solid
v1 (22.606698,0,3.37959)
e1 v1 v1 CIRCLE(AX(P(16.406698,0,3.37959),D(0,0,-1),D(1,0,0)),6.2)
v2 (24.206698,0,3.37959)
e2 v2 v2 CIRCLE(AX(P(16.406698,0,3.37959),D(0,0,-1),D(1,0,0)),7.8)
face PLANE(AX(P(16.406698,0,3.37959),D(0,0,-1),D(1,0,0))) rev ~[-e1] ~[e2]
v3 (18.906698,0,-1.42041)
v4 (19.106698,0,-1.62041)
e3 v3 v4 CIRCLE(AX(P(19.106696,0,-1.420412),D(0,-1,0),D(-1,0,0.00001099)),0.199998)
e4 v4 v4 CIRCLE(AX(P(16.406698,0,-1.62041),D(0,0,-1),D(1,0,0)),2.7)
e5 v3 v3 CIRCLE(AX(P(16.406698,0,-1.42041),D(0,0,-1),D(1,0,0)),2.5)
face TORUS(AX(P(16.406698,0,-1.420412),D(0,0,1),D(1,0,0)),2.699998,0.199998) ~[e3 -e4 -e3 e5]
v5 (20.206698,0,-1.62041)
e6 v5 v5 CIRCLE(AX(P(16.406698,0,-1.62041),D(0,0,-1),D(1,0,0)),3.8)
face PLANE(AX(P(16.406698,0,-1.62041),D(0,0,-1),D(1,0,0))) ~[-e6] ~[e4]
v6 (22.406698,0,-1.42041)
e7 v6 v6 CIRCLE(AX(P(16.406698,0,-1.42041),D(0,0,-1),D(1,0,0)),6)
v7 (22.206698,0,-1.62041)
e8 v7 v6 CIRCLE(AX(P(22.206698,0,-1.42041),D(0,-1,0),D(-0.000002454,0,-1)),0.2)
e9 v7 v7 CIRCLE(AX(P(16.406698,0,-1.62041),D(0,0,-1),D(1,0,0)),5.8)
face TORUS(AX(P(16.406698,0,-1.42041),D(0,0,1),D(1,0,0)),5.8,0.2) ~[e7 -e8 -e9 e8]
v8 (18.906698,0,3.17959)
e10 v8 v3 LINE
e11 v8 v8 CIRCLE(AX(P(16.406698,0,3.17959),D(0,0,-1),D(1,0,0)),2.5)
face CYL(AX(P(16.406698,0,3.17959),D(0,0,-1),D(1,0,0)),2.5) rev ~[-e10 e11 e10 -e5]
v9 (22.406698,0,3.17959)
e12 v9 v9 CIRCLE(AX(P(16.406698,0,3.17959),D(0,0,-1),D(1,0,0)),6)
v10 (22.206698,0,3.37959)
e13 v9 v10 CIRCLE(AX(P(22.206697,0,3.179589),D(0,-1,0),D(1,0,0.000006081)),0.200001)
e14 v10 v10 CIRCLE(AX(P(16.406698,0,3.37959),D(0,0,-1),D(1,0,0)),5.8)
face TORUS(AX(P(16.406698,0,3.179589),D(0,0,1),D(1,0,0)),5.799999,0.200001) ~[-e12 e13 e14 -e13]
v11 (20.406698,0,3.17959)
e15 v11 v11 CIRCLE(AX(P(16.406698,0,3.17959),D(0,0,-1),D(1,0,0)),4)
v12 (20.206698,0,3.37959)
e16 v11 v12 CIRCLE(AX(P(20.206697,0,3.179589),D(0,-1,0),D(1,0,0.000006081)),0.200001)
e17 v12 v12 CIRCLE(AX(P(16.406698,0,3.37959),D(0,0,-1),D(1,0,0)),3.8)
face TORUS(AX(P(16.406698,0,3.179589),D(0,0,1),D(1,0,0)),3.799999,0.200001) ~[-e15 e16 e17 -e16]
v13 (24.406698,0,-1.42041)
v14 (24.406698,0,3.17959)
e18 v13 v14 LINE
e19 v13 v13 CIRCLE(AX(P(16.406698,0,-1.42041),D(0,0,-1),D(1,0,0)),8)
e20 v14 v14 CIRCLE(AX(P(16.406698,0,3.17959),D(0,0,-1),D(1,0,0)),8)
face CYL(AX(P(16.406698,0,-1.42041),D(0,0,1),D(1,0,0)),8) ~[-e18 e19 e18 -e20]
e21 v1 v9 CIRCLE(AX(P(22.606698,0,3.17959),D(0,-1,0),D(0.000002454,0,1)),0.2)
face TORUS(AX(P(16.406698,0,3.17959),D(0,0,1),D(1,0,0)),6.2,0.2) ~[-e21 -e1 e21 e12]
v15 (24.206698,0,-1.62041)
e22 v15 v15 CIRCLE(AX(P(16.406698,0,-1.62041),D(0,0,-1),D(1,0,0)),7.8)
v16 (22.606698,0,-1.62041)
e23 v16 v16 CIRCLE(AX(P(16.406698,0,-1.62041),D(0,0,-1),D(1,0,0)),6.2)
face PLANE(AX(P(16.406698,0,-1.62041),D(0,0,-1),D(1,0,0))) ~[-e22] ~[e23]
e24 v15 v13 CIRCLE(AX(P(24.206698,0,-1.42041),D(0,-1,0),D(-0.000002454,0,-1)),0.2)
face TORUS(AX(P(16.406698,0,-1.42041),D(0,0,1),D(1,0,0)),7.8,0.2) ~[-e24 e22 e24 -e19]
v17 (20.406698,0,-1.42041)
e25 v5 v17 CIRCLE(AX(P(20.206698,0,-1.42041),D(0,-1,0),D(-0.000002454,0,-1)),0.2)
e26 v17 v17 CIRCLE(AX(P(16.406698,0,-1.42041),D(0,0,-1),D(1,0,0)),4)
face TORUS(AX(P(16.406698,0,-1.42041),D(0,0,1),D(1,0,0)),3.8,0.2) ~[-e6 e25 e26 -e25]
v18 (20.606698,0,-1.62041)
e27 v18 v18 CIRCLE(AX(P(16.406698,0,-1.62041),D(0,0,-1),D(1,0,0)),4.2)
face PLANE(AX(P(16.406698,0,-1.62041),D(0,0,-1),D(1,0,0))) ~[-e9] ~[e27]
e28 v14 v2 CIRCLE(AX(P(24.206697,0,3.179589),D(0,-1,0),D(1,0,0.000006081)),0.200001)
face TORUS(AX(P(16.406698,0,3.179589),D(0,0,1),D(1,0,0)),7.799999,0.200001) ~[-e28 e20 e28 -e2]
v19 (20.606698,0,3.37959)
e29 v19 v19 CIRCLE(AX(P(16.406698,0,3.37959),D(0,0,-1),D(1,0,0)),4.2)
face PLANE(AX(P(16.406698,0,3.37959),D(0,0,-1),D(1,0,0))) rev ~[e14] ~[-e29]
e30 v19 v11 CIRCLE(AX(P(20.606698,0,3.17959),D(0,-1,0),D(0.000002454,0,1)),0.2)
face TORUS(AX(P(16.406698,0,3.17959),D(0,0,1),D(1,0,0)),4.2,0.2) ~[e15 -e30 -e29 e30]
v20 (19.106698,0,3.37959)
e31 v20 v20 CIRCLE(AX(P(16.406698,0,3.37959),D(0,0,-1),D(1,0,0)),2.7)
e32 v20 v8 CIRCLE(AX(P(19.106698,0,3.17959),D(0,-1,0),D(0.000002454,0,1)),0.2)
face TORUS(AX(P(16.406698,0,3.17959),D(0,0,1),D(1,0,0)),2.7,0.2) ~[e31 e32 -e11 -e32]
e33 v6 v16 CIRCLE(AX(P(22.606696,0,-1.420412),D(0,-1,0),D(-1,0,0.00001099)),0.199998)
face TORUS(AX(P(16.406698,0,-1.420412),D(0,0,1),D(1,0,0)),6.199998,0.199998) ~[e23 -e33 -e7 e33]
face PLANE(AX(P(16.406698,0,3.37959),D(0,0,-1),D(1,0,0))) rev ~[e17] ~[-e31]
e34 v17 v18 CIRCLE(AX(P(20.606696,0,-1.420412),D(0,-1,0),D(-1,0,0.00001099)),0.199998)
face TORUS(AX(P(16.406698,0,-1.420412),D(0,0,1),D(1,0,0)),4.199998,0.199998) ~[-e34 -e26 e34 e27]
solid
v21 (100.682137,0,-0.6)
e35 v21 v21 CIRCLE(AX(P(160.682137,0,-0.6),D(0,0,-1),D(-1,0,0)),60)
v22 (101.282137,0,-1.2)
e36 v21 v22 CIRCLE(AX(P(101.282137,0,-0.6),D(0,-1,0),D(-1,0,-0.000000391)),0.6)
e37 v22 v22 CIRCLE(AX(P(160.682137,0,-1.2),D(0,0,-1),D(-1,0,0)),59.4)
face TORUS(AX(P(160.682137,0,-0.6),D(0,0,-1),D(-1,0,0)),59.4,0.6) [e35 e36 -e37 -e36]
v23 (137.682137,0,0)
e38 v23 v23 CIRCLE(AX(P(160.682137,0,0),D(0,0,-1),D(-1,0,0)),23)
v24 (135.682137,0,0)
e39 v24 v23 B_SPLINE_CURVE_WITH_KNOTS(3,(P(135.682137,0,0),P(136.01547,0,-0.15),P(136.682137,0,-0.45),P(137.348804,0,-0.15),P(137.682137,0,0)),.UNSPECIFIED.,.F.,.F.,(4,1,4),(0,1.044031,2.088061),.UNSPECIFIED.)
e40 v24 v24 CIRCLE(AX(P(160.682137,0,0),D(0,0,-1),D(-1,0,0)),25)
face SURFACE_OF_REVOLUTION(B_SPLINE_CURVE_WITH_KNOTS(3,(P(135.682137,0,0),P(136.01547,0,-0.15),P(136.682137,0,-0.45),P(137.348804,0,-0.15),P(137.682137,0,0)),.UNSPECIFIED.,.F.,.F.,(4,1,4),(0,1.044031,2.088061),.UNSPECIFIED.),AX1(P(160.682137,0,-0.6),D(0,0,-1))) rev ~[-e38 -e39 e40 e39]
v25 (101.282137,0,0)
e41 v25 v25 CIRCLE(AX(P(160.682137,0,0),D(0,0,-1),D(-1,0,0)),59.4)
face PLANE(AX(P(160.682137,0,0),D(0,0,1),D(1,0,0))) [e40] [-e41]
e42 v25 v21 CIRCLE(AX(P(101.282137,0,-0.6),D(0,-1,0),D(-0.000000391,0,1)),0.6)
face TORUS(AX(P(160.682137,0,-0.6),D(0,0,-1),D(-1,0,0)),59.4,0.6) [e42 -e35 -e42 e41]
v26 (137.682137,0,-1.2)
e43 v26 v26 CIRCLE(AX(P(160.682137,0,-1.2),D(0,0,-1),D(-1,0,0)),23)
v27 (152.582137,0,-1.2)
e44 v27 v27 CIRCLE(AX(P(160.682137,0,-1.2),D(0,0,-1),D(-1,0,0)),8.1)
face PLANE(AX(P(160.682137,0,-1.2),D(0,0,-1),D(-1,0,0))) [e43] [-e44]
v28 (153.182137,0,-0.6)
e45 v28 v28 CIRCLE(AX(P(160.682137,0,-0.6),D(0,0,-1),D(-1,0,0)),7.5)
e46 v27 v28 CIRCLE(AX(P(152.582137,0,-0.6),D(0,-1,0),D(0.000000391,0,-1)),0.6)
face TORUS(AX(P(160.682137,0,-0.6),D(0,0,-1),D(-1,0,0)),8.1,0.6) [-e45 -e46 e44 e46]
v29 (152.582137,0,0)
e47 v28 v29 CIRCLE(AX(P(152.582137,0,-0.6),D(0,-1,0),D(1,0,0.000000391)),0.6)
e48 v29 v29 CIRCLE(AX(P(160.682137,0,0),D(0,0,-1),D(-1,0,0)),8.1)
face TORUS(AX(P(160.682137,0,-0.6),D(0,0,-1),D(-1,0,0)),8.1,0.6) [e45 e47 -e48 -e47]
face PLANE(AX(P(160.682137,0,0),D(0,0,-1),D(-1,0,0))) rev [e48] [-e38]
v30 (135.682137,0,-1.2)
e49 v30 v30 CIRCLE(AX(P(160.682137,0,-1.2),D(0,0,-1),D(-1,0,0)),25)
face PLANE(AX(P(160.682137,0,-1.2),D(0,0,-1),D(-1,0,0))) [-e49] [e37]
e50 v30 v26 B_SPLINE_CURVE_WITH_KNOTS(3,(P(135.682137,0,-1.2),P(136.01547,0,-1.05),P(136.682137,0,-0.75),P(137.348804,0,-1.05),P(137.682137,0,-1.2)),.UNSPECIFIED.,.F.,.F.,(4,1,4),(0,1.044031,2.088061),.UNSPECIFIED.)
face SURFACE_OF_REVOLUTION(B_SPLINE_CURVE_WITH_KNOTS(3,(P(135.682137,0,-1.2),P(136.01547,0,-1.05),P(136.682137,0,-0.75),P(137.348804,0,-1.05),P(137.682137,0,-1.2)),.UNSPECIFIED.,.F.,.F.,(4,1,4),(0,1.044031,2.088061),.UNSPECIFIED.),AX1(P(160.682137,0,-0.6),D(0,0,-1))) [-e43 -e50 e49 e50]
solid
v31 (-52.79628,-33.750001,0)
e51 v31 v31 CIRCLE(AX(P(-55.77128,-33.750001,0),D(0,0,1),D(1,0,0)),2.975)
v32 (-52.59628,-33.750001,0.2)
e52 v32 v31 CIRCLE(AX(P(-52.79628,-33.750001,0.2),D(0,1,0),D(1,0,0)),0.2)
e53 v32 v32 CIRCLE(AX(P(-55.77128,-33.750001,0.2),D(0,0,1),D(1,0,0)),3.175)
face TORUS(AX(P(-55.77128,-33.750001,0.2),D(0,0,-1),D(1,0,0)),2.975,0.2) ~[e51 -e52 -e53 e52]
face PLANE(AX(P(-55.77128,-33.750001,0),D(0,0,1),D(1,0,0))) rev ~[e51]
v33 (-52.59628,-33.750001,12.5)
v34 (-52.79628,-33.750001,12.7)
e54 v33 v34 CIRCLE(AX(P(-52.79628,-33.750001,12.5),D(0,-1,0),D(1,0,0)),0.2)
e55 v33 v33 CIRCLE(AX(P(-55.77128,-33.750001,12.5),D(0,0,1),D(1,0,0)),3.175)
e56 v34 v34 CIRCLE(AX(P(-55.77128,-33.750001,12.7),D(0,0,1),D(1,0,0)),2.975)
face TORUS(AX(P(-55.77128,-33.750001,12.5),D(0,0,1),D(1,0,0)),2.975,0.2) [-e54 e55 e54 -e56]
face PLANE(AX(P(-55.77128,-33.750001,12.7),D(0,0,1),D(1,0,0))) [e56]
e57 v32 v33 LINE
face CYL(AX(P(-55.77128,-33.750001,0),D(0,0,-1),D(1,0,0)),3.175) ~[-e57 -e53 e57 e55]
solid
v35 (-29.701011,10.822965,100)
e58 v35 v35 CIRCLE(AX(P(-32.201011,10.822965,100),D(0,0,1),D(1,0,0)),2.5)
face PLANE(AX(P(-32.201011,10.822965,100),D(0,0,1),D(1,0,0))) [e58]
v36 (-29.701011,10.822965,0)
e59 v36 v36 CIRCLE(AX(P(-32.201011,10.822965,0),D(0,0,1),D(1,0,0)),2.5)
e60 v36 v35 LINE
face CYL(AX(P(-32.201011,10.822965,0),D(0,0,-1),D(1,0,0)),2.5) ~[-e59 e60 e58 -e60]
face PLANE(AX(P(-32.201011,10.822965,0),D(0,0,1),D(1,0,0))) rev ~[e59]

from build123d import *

# Parameters (mm, degrees)
F4_R     = 2.5
F5_DEPTH = 100
F6_R     = 3.175
F7_DEPTH = 12.7
F8_R     = 0.2
F9_R     = 0.2


with BuildPart() as f1:
    # F0 (on Front) → F1 (revolve)
    with BuildSketch(Plane.XZ):
        with BuildLine():
            ThreePointArc((18.906698, -1.42041), (18.965276, -1.561832), (19.106698, -1.62041))
            Line((19.106698, -1.62041), (20.206698, -1.62041))
            ThreePointArc((20.206698, -1.62041), (20.348119, -1.561832), (20.406698, -1.42041))
            Line((20.406698, -1.42041), (20.406698, 3.17959))
            ThreePointArc((20.406698, 3.17959), (20.348119, 3.321011), (20.206698, 3.37959))
            Line((20.206698, 3.37959), (19.106698, 3.37959))
            ThreePointArc((19.106698, 3.37959), (18.965276, 3.321011), (18.906698, 3.17959))
            Line((18.906698, 3.17959), (18.906698, 2.770025))
            Line((18.906698, 2.770025), (18.906698, -1.42041))
        make_face()
    revolve(axis=Axis((16.406698, 0, 0.928145), (0, 0, -1)))

    # F0 (on Front) → F2 (revolve)
    with BuildSketch(Plane.XZ):
        with BuildLine():
            Line((20.406698, 3.17959), (20.406698, -1.42041))
            ThreePointArc((20.406698, -1.42041), (20.465276, -1.561832), (20.606698, -1.62041))
            Line((20.606698, -1.62041), (22.206698, -1.62041))
            ThreePointArc((22.206698, -1.62041), (22.348119, -1.561832), (22.406698, -1.42041))
            Line((22.406698, -1.42041), (22.406698, 3.17959))
            ThreePointArc((22.406698, 3.17959), (22.348119, 3.321011), (22.206698, 3.37959))
            Line((22.206698, 3.37959), (20.606698, 3.37959))
            ThreePointArc((20.606698, 3.37959), (20.465276, 3.321011), (20.406698, 3.17959))
        make_face()
    revolve(axis=Axis((16.406698, 0, 0.928145), (0, 0, -1)))

    # F0 (on Front) → F3 (revolve)
    with BuildSketch(Plane.XZ):
        with BuildLine():
            Line((22.406698, 3.17959), (22.406698, -1.42041))
            ThreePointArc((22.406698, -1.42041), (22.465276, -1.561832), (22.606698, -1.62041))
            Line((22.606698, -1.62041), (24.206698, -1.62041))
            ThreePointArc((24.206698, -1.62041), (24.348119, -1.561832), (24.406698, -1.42041))
            Line((24.406698, -1.42041), (24.406698, 3.17959))
            ThreePointArc((24.406698, 3.17959), (24.348119, 3.321011), (24.206698, 3.37959))
            Line((24.206698, 3.37959), (22.606698, 3.37959))
            ThreePointArc((22.606698, 3.37959), (22.465276, 3.321011), (22.406698, 3.17959))
        make_face()
    revolve(axis=Axis((16.406698, 0, 0.928145), (0, 0, -1)))


with BuildPart() as f5:
    # F4 (on Top) → F5 (new body)
    with BuildSketch(Plane.XY):
        with Locations((-32.201011, 10.822965)):
            Circle(F4_R)
    extrude(amount=F5_DEPTH)


with BuildPart() as f7:
    # F6 (on Top) → F7 (new body)
    with BuildSketch(Plane.XY):
        with Locations((-55.77128, -33.750001)):
            Circle(F6_R)
    extrude(amount=F7_DEPTH)

    # F8
    f8_edges = [f7.edges().sort_by_distance(p)[0] for p in [
        (-58.94628, -33.750001, 12.7),
    ]]
    fillet(f8_edges, radius=F8_R)

    # F9
    f9_edges = [f7.edges().sort_by_distance(p)[0] for p in [
        (-58.94628, -33.750001, 0),
    ]]
    fillet(f9_edges, radius=F9_R)


with BuildPart() as f11:
    # F10 (on Front) → F11 (revolve)
    with BuildSketch(Plane.XZ):
        with BuildLine():
            Line((102.182137, 0), (101.282137, 0))
            ThreePointArc((101.282137, 0), (100.857873, -0.175736), (100.682137, -0.6))
            ThreePointArc((100.682137, -0.6), (100.857873, -1.024264), (101.282137, -1.2))
            Line((101.282137, -1.2), (135.682137, -1.2))
            add(Edge.make_bspline(
                [(135.682137, -1.2), (136.01547, -1.05), (136.682137, -0.75), (137.348804, -1.05), (137.682137, -1.2)],
                knots=[0, 0, 0, 0, 1.044031, 2.088061, 2.088061, 2.088061, 2.088061], degree=3))
            Line((137.682137, -1.2), (152.582137, -1.2))
            ThreePointArc((152.582137, -1.2), (153.006401, -1.024264), (153.182137, -0.6))
            ThreePointArc((153.182137, -0.6), (153.006401, -0.175736), (152.582137, 0))
            Line((152.582137, 0), (137.682137, 0))
            add(Edge.make_bspline(
                [(135.682137, 0), (136.01547, -0.15), (136.682137, -0.45), (137.348804, -0.15), (137.682137, 0)],
                knots=[0, 0, 0, 0, 1.044031, 2.088061, 2.088061, 2.088061, 2.088061], degree=3))
            Line((135.682137, 0), (102.182137, 0))
        make_face()
    revolve(axis=Axis((160.682137, 0, -0.6), (0, 0, -1)))


solid = Compound([f1.part, f5.part, f7.part, f11.part])
